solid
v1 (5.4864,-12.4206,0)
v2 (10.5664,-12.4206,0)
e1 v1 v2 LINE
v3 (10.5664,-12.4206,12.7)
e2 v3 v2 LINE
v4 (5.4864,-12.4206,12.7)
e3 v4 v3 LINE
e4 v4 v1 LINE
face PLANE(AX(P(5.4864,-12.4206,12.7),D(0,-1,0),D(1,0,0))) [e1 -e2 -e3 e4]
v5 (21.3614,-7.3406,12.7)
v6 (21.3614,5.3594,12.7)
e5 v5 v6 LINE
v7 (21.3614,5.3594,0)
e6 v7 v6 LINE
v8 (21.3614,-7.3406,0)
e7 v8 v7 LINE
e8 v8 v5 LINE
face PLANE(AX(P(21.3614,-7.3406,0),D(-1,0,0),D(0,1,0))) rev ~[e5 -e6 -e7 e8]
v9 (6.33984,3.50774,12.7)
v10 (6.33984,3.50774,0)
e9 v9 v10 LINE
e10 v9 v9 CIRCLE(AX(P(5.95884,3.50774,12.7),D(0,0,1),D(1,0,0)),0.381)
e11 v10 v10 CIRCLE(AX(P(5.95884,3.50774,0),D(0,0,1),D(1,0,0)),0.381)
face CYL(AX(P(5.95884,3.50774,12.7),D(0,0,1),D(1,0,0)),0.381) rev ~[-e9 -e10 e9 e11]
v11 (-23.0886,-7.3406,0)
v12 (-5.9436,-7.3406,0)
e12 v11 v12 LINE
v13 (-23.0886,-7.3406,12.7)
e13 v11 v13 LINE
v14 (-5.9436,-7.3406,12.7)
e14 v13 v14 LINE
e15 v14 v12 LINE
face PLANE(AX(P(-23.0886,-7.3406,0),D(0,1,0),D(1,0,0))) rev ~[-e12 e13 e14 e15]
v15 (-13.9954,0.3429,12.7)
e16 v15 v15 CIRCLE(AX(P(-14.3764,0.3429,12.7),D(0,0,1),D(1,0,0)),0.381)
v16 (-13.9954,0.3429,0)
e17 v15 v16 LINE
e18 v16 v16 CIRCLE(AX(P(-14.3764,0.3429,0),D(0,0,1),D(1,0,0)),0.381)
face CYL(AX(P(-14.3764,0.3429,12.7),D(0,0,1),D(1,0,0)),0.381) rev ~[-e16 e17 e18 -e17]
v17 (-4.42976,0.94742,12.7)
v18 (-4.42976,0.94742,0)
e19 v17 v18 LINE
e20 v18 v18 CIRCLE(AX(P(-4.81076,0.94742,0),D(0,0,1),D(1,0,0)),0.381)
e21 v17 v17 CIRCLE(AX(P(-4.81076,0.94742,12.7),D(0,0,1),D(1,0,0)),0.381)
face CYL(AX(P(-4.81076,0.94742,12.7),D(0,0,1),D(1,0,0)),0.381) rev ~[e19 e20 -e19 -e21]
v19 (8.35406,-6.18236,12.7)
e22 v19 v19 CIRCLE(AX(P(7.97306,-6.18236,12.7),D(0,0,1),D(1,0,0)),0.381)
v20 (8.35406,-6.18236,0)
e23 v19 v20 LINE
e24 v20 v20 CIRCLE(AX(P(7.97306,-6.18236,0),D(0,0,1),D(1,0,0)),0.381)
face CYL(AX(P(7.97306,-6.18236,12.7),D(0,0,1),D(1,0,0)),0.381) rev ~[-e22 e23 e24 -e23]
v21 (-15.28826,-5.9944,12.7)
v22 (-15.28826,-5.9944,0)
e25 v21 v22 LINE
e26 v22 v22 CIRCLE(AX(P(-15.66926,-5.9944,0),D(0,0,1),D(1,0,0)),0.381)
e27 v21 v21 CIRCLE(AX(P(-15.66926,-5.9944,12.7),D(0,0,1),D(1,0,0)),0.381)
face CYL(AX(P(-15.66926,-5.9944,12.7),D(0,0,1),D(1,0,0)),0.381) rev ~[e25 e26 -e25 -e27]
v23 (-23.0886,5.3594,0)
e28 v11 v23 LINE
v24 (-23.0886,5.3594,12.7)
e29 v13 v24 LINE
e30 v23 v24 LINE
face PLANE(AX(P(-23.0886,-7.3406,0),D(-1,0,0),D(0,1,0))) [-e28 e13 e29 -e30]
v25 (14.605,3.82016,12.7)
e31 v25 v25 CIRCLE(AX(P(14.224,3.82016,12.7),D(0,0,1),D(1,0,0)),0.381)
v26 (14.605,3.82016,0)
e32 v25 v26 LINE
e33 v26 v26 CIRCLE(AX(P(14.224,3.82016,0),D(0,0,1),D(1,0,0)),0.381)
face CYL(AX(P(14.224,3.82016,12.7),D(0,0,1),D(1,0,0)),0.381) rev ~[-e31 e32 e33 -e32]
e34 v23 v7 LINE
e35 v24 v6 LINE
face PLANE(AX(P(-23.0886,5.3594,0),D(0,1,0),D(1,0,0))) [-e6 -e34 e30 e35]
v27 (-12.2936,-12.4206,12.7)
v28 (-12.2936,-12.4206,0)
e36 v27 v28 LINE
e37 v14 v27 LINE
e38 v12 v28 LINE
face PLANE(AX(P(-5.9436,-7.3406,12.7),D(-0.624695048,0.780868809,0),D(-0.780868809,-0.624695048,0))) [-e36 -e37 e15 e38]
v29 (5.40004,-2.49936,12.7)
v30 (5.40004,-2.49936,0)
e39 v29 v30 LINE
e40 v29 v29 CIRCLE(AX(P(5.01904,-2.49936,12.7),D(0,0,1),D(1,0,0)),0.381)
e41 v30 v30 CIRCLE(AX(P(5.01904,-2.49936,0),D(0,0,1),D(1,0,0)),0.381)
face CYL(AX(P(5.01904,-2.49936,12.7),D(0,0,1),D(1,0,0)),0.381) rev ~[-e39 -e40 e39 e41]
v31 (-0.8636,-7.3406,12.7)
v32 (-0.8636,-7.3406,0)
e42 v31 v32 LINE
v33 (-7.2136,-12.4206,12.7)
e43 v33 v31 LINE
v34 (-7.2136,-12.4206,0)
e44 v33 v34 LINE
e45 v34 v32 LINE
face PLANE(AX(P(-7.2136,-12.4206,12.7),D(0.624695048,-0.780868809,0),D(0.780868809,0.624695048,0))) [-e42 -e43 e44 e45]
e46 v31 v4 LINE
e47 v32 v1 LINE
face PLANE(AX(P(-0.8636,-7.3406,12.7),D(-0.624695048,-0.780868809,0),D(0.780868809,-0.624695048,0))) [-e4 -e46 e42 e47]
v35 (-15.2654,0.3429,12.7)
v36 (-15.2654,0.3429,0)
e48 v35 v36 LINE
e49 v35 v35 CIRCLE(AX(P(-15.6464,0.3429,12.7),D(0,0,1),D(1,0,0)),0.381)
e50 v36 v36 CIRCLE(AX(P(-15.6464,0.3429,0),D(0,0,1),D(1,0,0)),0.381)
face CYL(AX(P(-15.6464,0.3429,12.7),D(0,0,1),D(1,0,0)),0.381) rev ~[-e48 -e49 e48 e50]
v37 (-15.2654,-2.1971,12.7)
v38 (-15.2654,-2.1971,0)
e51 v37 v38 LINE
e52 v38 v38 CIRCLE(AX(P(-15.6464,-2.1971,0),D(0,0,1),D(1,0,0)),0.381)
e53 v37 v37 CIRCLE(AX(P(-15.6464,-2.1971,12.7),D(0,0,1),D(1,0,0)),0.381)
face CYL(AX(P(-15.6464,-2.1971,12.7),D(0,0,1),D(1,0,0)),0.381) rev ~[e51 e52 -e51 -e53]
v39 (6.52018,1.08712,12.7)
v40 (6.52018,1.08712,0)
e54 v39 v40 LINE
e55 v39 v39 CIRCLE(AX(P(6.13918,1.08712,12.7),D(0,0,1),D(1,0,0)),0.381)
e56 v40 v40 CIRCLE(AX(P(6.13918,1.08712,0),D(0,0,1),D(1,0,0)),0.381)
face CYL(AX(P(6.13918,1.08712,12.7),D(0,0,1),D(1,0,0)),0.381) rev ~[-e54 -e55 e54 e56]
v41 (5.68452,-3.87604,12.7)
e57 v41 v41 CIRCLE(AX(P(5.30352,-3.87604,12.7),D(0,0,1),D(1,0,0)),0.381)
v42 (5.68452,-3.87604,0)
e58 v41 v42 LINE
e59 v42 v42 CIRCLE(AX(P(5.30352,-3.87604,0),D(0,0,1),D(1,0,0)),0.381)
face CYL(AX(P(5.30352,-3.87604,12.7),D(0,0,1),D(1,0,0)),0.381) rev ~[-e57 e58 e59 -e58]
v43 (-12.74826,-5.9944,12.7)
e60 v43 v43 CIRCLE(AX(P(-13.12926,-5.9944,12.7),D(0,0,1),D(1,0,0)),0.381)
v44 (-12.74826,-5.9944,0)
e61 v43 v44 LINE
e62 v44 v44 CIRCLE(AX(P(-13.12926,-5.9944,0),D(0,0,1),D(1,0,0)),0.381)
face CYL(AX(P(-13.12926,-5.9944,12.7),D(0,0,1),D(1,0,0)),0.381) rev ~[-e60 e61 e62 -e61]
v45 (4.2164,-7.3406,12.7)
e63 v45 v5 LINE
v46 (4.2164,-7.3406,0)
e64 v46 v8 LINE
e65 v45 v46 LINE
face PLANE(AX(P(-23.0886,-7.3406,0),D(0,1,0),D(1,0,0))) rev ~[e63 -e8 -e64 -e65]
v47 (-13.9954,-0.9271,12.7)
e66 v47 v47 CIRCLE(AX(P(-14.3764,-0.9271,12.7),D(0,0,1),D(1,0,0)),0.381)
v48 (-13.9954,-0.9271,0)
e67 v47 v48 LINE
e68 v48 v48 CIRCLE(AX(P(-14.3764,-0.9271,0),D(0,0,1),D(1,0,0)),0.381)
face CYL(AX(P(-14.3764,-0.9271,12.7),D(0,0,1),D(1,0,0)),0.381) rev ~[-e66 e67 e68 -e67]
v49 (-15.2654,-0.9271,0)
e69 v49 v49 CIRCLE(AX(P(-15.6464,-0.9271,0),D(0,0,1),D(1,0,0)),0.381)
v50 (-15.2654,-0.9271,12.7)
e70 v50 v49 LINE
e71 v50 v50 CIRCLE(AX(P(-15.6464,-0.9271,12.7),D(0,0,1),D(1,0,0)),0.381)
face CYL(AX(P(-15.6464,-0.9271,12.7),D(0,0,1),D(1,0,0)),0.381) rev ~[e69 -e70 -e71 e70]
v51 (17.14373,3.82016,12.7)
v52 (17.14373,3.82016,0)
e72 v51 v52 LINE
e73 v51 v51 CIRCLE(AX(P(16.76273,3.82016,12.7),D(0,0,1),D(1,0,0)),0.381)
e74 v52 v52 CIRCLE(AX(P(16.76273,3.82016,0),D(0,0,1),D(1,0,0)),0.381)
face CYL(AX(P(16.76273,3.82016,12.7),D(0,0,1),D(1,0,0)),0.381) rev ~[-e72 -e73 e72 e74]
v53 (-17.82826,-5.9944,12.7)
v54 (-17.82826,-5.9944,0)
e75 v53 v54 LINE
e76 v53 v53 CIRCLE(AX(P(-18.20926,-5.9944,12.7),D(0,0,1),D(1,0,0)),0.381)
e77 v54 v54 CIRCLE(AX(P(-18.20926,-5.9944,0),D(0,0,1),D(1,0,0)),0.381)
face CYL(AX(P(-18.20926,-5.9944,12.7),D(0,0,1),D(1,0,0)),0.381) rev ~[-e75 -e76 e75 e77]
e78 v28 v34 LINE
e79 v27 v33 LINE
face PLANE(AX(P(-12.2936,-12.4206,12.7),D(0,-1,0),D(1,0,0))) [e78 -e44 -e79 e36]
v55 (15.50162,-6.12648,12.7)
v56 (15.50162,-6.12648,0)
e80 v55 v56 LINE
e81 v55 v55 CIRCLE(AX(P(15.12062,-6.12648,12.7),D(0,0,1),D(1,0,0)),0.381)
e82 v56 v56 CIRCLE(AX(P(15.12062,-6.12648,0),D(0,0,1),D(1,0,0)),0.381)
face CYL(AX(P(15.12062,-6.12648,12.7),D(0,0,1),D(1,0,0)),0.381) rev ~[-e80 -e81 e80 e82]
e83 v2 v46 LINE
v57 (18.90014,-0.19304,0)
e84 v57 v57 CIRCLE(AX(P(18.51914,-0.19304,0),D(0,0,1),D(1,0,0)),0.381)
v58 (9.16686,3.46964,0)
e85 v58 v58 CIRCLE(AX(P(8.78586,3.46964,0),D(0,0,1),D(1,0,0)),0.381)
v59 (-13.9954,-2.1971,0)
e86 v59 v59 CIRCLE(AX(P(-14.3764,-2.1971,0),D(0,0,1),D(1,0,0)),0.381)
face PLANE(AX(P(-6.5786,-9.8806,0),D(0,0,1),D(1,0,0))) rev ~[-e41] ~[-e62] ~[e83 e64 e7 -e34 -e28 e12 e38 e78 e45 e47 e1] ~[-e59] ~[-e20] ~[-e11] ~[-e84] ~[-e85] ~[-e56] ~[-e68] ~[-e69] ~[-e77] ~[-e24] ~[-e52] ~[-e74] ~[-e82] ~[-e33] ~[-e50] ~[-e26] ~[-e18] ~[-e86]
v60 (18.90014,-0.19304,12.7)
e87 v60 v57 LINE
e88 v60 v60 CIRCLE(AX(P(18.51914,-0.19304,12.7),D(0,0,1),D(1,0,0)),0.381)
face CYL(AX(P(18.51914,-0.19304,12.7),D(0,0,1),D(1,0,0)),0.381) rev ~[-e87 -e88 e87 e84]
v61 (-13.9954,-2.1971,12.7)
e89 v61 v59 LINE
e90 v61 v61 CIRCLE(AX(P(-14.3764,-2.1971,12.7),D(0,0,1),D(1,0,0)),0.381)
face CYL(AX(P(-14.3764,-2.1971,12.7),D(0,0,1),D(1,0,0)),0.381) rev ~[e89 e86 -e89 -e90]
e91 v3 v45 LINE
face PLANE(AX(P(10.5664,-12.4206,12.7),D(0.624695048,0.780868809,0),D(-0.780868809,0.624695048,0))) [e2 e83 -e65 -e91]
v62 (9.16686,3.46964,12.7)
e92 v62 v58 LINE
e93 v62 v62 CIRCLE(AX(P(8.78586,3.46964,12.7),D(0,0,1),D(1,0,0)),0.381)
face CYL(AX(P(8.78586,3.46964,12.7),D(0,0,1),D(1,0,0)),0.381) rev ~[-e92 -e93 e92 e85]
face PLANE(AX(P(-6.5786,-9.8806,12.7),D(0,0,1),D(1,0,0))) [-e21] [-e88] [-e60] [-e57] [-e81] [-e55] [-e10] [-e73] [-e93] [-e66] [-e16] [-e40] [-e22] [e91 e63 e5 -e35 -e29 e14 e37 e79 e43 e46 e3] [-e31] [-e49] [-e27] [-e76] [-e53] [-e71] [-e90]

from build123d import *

# Parameters (mm, degrees)
F2_W     = 44.45
F2_H     = 12.7
F3_DEPTH = 12.7
F4_R     = 0.381
F5_DEPTH = 12.701
F7_DEPTH = 12.7


with BuildPart() as f3:
    # F2 (on face) → F3 (new body)
    with BuildSketch(Plane.XY):
        with Locations((-0.8636, -0.9906)):
            Rectangle(F2_W, F2_H)
    extrude(amount=F3_DEPTH)

    # F4 (on face) → F5 (cut, through all)
    with BuildSketch(Plane.XY.offset(12.7)):
        with Locations((-18.20926, -5.9944)):
            Circle(F4_R)
        with Locations((-15.66926, -5.9944)):
            Circle(F4_R)
        with Locations((-13.12926, -5.9944)):
            Circle(F4_R)
        with Locations((-14.3764, -2.1971)):
            Circle(F4_R)
        with Locations((-15.6464, -2.1971)):
            Circle(F4_R)
        with Locations((-15.6464, -0.9271)):
            Circle(F4_R)
        with Locations((-14.3764, -0.9271)):
            Circle(F4_R)
        with Locations((-14.3764, 0.3429)):
            Circle(F4_R)
        with Locations((-15.6464, 0.3429)):
            Circle(F4_R)
        with Locations((-4.81076, 0.94742)):
            Circle(F4_R)
        with Locations((5.30352, -3.87604)):
            Circle(F4_R)
        with Locations((5.01904, -2.49936)):
            Circle(F4_R)
        with Locations((6.13918, 1.08712)):
            Circle(F4_R)
        with Locations((5.95884, 3.50774)):
            Circle(F4_R)
        with Locations((8.78586, 3.46964)):
            Circle(F4_R)
        with Locations((18.51914, -0.19304)):
            Circle(F4_R)
        with Locations((16.76273, 3.82016)):
            Circle(F4_R)
        with Locations((14.224, 3.82016)):
            Circle(F4_R)
        with Locations((7.97306, -6.18236)):
            Circle(F4_R)
        with Locations((15.12062, -6.12648)):
            Circle(F4_R)
    extrude(amount=-F5_DEPTH, mode=Mode.SUBTRACT)

    # F6 (on face) → F7 (join, through all)
    with BuildSketch(Plane.XY.offset(12.7)):
        Polygon((-7.2136, -12.4206), (-0.8636, -7.3406), (-5.9436, -7.3406), (-12.2936, -12.4206), align=None)
        Polygon((10.5664, -12.4206), (4.2164, -7.3406), (-0.8636, -7.3406), (5.4864, -12.4206), align=None)
    extrude(amount=-F7_DEPTH)


solid = f3.part
